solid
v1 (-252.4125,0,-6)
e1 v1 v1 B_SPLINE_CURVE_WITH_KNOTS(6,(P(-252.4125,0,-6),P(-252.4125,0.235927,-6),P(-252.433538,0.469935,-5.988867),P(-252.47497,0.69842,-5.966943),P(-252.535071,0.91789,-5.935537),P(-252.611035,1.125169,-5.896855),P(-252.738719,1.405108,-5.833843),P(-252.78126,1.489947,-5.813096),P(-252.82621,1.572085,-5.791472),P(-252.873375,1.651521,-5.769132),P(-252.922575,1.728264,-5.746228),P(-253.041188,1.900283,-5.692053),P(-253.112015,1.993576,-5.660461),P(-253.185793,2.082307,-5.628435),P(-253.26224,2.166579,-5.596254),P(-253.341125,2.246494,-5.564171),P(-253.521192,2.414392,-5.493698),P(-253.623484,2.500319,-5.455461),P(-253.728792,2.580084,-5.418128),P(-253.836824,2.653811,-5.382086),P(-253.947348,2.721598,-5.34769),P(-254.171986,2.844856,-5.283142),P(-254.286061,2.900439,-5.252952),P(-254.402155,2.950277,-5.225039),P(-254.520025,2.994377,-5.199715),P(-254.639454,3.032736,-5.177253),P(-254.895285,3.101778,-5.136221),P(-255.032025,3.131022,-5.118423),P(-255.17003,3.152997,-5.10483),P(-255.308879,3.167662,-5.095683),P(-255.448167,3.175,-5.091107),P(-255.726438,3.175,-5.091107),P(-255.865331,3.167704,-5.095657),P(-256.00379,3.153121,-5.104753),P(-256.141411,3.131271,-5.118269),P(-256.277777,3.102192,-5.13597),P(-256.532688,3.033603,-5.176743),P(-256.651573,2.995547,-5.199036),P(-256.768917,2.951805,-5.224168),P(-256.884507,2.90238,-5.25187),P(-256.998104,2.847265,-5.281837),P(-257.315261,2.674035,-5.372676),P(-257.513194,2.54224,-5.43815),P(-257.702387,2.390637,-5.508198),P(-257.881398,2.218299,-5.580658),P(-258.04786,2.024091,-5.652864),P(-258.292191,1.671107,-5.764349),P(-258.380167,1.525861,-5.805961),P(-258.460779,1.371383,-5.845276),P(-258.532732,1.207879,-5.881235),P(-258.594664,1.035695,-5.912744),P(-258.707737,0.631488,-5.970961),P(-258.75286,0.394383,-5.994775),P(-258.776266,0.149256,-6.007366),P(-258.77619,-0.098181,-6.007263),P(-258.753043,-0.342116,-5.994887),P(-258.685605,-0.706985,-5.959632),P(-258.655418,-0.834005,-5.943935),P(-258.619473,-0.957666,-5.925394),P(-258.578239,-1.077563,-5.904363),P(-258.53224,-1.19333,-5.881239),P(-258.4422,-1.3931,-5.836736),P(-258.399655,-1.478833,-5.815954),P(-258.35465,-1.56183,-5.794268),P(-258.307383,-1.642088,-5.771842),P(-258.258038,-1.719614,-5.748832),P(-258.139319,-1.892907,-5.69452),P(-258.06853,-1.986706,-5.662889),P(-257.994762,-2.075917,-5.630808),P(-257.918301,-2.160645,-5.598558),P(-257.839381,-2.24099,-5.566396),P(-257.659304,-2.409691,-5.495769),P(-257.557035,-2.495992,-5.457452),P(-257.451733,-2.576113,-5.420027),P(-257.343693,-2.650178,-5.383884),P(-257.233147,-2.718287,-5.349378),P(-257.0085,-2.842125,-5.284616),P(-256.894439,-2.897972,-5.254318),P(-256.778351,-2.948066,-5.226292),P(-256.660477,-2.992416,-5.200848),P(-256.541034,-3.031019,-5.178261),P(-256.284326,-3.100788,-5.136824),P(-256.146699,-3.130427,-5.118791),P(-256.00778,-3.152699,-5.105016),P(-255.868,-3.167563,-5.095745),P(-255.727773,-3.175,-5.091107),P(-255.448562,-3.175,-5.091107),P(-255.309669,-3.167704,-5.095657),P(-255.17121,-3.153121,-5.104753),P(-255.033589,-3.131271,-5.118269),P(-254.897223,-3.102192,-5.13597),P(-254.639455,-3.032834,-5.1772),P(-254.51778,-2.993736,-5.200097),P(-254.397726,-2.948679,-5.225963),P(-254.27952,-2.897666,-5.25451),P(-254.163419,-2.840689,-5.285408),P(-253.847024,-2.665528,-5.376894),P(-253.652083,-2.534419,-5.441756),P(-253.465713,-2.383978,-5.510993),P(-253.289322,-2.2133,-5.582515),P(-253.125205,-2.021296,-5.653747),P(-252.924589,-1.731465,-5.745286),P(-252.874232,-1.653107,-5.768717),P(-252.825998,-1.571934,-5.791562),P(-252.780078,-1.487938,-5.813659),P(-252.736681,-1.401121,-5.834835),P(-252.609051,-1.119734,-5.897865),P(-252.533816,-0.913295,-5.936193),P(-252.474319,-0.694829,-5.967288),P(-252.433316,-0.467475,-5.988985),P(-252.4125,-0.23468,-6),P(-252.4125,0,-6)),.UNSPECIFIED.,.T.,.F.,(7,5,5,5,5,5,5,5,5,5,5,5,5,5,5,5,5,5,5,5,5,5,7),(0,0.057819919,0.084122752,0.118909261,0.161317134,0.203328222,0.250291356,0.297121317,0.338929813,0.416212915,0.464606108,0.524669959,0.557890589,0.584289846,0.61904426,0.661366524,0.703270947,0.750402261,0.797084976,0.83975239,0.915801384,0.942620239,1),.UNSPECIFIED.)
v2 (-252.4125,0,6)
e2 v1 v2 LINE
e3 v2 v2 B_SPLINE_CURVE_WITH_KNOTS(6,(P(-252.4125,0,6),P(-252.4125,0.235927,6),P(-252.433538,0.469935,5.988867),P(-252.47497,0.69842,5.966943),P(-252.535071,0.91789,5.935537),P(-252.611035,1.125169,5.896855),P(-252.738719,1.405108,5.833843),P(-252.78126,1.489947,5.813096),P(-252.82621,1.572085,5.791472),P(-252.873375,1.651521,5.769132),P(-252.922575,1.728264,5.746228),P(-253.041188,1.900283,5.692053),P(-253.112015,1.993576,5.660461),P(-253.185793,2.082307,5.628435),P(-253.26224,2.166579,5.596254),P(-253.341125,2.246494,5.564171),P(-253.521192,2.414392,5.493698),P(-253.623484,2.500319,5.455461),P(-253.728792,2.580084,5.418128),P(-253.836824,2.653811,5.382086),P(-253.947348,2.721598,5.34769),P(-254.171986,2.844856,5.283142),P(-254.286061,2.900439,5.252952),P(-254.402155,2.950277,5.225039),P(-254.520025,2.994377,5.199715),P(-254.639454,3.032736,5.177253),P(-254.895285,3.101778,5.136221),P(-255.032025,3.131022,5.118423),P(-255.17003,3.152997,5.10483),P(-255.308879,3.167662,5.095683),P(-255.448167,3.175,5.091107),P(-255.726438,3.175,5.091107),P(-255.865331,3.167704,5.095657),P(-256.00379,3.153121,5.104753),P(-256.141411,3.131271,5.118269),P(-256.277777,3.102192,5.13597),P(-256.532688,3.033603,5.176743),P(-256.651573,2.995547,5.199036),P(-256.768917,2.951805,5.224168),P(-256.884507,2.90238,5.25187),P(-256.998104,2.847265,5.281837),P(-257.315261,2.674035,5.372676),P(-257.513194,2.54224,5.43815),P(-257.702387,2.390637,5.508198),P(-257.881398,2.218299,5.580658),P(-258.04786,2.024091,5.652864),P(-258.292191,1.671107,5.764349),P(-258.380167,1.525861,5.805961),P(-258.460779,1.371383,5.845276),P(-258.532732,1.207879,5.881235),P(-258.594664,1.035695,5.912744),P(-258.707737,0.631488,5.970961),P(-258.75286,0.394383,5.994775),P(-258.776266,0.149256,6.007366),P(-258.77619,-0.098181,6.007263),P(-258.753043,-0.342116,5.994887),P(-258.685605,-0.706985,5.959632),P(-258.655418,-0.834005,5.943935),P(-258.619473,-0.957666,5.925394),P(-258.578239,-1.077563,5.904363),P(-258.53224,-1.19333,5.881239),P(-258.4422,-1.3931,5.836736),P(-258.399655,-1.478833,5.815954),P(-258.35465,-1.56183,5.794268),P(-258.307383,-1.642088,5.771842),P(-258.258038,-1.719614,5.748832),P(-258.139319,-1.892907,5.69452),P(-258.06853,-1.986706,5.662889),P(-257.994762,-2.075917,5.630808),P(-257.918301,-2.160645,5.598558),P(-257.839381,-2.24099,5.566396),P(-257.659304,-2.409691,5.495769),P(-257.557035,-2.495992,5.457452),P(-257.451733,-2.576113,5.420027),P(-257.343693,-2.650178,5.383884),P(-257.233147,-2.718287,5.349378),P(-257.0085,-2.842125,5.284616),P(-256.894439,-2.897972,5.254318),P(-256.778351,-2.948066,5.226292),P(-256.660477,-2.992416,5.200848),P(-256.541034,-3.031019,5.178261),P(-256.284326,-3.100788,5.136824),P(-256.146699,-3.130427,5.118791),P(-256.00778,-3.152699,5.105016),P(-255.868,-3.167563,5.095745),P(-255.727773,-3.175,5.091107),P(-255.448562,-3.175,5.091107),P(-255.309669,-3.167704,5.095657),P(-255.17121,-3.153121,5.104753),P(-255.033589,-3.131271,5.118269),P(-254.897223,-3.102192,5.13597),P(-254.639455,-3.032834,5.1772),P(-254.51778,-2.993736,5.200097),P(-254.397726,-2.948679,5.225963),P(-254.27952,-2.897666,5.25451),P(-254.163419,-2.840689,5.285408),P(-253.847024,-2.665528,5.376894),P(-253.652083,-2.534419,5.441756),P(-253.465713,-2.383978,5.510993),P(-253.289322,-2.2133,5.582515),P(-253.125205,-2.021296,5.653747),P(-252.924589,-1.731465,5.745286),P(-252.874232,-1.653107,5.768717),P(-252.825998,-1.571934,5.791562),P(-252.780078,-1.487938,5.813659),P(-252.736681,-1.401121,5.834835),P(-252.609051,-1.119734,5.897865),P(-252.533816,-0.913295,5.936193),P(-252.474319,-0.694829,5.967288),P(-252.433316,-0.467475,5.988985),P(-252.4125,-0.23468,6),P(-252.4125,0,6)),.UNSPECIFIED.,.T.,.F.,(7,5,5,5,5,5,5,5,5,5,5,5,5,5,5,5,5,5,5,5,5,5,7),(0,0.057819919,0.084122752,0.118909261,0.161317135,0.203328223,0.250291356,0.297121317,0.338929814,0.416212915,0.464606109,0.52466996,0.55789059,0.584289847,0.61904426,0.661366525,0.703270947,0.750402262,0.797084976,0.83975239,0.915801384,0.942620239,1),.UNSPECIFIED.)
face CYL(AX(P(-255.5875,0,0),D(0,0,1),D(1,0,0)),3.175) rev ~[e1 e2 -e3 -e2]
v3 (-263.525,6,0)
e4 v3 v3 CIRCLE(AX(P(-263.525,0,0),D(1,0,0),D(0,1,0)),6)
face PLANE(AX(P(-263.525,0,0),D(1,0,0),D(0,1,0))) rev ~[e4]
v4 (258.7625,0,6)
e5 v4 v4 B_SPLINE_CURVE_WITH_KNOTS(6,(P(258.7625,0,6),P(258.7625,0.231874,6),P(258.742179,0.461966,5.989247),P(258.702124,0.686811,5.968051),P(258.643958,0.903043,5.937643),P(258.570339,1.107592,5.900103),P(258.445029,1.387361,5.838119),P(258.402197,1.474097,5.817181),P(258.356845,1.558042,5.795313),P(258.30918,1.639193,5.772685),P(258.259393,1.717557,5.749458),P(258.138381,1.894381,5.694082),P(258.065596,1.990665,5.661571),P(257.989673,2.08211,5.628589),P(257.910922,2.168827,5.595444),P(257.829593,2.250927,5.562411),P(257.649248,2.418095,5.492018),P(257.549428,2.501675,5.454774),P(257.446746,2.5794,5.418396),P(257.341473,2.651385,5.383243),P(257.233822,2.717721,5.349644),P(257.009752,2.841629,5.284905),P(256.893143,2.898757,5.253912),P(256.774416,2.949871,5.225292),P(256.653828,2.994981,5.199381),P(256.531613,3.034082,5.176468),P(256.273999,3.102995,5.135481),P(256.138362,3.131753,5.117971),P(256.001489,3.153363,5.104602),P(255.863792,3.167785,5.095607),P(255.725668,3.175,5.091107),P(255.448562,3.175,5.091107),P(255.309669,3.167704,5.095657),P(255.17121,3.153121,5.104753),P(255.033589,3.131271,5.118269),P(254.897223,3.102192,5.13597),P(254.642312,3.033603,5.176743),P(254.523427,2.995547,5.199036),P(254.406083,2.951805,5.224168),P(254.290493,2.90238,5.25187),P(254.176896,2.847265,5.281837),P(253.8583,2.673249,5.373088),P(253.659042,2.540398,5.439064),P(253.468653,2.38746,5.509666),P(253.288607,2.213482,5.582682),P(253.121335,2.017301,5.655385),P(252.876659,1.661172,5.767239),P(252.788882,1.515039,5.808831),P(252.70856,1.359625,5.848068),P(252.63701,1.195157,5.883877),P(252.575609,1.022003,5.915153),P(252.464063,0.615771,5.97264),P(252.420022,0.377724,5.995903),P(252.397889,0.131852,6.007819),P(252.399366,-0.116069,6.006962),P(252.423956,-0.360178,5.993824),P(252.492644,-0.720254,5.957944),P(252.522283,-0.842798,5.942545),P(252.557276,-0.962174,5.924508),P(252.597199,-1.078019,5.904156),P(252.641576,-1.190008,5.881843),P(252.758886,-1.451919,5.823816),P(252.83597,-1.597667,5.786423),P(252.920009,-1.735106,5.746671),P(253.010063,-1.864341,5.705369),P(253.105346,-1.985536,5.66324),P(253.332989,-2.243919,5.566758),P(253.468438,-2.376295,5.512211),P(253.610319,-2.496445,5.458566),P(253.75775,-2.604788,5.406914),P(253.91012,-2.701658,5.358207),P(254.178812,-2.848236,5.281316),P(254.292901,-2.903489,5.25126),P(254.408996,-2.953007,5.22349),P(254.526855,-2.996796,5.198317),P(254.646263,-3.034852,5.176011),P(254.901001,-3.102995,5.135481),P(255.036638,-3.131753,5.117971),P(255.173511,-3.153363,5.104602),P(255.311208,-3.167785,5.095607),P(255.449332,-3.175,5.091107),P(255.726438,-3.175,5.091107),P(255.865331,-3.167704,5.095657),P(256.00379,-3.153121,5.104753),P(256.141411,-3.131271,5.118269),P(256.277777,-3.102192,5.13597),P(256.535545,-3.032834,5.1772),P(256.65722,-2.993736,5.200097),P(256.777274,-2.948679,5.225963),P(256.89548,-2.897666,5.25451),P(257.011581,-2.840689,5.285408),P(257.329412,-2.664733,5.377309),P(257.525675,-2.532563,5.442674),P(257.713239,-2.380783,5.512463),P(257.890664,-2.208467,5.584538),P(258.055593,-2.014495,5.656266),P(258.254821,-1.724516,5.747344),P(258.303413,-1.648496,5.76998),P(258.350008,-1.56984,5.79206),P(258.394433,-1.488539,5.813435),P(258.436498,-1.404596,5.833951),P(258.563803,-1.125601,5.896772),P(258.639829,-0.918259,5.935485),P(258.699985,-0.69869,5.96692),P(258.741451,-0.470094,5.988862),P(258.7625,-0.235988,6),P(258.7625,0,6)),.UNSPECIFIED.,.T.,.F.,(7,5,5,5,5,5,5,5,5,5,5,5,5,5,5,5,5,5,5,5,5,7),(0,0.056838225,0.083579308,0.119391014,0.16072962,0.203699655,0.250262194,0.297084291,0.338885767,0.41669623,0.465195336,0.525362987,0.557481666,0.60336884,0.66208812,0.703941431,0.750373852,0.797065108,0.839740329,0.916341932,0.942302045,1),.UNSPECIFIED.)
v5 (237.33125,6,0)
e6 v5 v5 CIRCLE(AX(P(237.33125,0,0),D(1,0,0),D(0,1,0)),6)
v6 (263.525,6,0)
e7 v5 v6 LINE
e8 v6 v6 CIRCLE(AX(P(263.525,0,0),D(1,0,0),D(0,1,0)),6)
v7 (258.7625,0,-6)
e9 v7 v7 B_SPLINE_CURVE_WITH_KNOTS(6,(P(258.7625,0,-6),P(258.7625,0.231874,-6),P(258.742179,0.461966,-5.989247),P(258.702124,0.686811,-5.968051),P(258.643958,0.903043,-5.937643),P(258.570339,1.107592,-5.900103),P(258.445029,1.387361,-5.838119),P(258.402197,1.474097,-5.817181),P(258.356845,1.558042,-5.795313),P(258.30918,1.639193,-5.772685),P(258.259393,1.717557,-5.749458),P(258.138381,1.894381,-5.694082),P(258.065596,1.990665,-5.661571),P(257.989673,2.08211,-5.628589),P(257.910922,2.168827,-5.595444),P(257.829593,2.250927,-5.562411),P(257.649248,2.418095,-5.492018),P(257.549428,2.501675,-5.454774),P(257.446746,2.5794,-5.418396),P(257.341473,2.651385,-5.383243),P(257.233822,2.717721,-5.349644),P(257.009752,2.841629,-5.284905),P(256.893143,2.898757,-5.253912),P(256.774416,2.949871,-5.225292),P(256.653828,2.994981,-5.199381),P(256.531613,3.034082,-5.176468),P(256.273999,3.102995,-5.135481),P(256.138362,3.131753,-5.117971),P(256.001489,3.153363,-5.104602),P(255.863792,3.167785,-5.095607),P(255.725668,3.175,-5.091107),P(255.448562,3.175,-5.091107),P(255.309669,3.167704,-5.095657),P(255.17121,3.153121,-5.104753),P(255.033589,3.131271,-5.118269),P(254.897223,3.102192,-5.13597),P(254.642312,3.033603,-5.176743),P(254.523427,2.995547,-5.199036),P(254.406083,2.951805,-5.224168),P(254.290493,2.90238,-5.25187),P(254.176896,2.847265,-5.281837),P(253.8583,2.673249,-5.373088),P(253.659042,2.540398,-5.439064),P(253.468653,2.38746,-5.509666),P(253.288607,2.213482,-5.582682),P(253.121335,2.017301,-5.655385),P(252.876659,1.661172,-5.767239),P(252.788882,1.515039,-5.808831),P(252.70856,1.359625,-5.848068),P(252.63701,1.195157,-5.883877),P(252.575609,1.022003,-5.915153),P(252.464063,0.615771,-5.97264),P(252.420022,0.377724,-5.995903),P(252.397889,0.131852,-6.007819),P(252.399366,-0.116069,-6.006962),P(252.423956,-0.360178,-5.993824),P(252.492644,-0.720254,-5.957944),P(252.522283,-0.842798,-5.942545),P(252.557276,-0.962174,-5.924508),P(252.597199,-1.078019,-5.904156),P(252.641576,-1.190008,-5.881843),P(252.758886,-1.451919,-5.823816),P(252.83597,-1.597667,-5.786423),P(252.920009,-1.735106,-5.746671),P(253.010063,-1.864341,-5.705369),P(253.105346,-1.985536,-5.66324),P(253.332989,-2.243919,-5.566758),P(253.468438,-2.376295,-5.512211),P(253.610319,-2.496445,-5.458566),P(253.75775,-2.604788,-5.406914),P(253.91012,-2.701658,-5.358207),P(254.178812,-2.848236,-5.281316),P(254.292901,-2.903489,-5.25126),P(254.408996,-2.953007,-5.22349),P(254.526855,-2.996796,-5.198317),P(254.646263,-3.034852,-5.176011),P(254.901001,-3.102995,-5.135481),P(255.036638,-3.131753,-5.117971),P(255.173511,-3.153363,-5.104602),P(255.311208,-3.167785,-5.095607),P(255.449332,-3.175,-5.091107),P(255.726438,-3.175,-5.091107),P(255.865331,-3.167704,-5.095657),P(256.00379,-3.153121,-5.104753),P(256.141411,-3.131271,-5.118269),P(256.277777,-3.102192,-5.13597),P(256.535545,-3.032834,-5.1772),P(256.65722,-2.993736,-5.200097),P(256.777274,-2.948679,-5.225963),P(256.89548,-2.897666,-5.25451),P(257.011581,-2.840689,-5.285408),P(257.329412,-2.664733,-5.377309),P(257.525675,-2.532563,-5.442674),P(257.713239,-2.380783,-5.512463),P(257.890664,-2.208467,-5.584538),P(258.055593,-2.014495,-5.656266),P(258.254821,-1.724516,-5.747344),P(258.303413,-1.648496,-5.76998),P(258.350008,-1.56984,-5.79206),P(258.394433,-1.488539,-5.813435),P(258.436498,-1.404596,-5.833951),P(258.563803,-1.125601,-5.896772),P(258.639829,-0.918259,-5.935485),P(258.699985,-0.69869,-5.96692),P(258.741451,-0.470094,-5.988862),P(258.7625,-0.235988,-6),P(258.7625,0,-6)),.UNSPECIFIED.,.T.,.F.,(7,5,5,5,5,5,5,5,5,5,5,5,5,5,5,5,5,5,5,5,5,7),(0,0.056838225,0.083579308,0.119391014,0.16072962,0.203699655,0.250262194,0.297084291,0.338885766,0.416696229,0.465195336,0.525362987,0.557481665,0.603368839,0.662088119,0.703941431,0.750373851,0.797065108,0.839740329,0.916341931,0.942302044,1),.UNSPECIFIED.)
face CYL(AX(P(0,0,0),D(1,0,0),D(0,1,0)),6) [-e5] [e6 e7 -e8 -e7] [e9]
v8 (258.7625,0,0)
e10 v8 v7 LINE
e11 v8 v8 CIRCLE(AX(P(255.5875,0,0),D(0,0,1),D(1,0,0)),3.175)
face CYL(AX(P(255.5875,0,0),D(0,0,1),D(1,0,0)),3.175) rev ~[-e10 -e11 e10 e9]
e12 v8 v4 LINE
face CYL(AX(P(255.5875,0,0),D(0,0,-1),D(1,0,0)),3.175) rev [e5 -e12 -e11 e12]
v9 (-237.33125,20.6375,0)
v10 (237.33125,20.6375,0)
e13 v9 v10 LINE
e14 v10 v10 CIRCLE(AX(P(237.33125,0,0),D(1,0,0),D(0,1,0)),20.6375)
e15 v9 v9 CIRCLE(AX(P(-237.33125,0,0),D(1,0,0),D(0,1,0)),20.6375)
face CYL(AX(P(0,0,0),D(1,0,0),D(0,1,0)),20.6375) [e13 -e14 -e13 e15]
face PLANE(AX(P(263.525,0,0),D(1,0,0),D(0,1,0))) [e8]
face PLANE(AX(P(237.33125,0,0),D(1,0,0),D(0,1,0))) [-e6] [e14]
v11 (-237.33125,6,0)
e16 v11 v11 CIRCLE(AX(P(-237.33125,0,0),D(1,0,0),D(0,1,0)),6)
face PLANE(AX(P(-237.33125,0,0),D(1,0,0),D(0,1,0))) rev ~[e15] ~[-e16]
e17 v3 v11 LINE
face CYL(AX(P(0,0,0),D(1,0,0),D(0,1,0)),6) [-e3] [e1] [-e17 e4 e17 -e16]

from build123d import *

# Parameters (mm, degrees)
F0_R     = 20.6375
F0_R_2   = 6
F1_DEPTH = 237.33125
F2_DEPTH = 263.525
F3_R     = 3.175
F4_DEPTH = 6.35


with BuildPart() as f1:
    # F0 (on Right) → F1 (new body, symmetric)
    with BuildSketch(Plane.YZ):
        Circle(F0_R)
        Circle(F0_R_2, mode=Mode.SUBTRACT)
    extrude(amount=F1_DEPTH, both=True)

    # F0 (on Right) → F2 (join, symmetric)
    with BuildSketch(Plane.YZ):
        Circle(F0_R_2)
    extrude(amount=F2_DEPTH, both=True)

    # F3 (on Top) → F4 (cut, symmetric)
    with BuildSketch(Plane.XY):
        with Locations((255.5875, 0)):
            Circle(F3_R)
        with Locations((-255.5875, 0)):
            Circle(F3_R)
    extrude(amount=F4_DEPTH, both=True, mode=Mode.SUBTRACT)


solid = f1.part
